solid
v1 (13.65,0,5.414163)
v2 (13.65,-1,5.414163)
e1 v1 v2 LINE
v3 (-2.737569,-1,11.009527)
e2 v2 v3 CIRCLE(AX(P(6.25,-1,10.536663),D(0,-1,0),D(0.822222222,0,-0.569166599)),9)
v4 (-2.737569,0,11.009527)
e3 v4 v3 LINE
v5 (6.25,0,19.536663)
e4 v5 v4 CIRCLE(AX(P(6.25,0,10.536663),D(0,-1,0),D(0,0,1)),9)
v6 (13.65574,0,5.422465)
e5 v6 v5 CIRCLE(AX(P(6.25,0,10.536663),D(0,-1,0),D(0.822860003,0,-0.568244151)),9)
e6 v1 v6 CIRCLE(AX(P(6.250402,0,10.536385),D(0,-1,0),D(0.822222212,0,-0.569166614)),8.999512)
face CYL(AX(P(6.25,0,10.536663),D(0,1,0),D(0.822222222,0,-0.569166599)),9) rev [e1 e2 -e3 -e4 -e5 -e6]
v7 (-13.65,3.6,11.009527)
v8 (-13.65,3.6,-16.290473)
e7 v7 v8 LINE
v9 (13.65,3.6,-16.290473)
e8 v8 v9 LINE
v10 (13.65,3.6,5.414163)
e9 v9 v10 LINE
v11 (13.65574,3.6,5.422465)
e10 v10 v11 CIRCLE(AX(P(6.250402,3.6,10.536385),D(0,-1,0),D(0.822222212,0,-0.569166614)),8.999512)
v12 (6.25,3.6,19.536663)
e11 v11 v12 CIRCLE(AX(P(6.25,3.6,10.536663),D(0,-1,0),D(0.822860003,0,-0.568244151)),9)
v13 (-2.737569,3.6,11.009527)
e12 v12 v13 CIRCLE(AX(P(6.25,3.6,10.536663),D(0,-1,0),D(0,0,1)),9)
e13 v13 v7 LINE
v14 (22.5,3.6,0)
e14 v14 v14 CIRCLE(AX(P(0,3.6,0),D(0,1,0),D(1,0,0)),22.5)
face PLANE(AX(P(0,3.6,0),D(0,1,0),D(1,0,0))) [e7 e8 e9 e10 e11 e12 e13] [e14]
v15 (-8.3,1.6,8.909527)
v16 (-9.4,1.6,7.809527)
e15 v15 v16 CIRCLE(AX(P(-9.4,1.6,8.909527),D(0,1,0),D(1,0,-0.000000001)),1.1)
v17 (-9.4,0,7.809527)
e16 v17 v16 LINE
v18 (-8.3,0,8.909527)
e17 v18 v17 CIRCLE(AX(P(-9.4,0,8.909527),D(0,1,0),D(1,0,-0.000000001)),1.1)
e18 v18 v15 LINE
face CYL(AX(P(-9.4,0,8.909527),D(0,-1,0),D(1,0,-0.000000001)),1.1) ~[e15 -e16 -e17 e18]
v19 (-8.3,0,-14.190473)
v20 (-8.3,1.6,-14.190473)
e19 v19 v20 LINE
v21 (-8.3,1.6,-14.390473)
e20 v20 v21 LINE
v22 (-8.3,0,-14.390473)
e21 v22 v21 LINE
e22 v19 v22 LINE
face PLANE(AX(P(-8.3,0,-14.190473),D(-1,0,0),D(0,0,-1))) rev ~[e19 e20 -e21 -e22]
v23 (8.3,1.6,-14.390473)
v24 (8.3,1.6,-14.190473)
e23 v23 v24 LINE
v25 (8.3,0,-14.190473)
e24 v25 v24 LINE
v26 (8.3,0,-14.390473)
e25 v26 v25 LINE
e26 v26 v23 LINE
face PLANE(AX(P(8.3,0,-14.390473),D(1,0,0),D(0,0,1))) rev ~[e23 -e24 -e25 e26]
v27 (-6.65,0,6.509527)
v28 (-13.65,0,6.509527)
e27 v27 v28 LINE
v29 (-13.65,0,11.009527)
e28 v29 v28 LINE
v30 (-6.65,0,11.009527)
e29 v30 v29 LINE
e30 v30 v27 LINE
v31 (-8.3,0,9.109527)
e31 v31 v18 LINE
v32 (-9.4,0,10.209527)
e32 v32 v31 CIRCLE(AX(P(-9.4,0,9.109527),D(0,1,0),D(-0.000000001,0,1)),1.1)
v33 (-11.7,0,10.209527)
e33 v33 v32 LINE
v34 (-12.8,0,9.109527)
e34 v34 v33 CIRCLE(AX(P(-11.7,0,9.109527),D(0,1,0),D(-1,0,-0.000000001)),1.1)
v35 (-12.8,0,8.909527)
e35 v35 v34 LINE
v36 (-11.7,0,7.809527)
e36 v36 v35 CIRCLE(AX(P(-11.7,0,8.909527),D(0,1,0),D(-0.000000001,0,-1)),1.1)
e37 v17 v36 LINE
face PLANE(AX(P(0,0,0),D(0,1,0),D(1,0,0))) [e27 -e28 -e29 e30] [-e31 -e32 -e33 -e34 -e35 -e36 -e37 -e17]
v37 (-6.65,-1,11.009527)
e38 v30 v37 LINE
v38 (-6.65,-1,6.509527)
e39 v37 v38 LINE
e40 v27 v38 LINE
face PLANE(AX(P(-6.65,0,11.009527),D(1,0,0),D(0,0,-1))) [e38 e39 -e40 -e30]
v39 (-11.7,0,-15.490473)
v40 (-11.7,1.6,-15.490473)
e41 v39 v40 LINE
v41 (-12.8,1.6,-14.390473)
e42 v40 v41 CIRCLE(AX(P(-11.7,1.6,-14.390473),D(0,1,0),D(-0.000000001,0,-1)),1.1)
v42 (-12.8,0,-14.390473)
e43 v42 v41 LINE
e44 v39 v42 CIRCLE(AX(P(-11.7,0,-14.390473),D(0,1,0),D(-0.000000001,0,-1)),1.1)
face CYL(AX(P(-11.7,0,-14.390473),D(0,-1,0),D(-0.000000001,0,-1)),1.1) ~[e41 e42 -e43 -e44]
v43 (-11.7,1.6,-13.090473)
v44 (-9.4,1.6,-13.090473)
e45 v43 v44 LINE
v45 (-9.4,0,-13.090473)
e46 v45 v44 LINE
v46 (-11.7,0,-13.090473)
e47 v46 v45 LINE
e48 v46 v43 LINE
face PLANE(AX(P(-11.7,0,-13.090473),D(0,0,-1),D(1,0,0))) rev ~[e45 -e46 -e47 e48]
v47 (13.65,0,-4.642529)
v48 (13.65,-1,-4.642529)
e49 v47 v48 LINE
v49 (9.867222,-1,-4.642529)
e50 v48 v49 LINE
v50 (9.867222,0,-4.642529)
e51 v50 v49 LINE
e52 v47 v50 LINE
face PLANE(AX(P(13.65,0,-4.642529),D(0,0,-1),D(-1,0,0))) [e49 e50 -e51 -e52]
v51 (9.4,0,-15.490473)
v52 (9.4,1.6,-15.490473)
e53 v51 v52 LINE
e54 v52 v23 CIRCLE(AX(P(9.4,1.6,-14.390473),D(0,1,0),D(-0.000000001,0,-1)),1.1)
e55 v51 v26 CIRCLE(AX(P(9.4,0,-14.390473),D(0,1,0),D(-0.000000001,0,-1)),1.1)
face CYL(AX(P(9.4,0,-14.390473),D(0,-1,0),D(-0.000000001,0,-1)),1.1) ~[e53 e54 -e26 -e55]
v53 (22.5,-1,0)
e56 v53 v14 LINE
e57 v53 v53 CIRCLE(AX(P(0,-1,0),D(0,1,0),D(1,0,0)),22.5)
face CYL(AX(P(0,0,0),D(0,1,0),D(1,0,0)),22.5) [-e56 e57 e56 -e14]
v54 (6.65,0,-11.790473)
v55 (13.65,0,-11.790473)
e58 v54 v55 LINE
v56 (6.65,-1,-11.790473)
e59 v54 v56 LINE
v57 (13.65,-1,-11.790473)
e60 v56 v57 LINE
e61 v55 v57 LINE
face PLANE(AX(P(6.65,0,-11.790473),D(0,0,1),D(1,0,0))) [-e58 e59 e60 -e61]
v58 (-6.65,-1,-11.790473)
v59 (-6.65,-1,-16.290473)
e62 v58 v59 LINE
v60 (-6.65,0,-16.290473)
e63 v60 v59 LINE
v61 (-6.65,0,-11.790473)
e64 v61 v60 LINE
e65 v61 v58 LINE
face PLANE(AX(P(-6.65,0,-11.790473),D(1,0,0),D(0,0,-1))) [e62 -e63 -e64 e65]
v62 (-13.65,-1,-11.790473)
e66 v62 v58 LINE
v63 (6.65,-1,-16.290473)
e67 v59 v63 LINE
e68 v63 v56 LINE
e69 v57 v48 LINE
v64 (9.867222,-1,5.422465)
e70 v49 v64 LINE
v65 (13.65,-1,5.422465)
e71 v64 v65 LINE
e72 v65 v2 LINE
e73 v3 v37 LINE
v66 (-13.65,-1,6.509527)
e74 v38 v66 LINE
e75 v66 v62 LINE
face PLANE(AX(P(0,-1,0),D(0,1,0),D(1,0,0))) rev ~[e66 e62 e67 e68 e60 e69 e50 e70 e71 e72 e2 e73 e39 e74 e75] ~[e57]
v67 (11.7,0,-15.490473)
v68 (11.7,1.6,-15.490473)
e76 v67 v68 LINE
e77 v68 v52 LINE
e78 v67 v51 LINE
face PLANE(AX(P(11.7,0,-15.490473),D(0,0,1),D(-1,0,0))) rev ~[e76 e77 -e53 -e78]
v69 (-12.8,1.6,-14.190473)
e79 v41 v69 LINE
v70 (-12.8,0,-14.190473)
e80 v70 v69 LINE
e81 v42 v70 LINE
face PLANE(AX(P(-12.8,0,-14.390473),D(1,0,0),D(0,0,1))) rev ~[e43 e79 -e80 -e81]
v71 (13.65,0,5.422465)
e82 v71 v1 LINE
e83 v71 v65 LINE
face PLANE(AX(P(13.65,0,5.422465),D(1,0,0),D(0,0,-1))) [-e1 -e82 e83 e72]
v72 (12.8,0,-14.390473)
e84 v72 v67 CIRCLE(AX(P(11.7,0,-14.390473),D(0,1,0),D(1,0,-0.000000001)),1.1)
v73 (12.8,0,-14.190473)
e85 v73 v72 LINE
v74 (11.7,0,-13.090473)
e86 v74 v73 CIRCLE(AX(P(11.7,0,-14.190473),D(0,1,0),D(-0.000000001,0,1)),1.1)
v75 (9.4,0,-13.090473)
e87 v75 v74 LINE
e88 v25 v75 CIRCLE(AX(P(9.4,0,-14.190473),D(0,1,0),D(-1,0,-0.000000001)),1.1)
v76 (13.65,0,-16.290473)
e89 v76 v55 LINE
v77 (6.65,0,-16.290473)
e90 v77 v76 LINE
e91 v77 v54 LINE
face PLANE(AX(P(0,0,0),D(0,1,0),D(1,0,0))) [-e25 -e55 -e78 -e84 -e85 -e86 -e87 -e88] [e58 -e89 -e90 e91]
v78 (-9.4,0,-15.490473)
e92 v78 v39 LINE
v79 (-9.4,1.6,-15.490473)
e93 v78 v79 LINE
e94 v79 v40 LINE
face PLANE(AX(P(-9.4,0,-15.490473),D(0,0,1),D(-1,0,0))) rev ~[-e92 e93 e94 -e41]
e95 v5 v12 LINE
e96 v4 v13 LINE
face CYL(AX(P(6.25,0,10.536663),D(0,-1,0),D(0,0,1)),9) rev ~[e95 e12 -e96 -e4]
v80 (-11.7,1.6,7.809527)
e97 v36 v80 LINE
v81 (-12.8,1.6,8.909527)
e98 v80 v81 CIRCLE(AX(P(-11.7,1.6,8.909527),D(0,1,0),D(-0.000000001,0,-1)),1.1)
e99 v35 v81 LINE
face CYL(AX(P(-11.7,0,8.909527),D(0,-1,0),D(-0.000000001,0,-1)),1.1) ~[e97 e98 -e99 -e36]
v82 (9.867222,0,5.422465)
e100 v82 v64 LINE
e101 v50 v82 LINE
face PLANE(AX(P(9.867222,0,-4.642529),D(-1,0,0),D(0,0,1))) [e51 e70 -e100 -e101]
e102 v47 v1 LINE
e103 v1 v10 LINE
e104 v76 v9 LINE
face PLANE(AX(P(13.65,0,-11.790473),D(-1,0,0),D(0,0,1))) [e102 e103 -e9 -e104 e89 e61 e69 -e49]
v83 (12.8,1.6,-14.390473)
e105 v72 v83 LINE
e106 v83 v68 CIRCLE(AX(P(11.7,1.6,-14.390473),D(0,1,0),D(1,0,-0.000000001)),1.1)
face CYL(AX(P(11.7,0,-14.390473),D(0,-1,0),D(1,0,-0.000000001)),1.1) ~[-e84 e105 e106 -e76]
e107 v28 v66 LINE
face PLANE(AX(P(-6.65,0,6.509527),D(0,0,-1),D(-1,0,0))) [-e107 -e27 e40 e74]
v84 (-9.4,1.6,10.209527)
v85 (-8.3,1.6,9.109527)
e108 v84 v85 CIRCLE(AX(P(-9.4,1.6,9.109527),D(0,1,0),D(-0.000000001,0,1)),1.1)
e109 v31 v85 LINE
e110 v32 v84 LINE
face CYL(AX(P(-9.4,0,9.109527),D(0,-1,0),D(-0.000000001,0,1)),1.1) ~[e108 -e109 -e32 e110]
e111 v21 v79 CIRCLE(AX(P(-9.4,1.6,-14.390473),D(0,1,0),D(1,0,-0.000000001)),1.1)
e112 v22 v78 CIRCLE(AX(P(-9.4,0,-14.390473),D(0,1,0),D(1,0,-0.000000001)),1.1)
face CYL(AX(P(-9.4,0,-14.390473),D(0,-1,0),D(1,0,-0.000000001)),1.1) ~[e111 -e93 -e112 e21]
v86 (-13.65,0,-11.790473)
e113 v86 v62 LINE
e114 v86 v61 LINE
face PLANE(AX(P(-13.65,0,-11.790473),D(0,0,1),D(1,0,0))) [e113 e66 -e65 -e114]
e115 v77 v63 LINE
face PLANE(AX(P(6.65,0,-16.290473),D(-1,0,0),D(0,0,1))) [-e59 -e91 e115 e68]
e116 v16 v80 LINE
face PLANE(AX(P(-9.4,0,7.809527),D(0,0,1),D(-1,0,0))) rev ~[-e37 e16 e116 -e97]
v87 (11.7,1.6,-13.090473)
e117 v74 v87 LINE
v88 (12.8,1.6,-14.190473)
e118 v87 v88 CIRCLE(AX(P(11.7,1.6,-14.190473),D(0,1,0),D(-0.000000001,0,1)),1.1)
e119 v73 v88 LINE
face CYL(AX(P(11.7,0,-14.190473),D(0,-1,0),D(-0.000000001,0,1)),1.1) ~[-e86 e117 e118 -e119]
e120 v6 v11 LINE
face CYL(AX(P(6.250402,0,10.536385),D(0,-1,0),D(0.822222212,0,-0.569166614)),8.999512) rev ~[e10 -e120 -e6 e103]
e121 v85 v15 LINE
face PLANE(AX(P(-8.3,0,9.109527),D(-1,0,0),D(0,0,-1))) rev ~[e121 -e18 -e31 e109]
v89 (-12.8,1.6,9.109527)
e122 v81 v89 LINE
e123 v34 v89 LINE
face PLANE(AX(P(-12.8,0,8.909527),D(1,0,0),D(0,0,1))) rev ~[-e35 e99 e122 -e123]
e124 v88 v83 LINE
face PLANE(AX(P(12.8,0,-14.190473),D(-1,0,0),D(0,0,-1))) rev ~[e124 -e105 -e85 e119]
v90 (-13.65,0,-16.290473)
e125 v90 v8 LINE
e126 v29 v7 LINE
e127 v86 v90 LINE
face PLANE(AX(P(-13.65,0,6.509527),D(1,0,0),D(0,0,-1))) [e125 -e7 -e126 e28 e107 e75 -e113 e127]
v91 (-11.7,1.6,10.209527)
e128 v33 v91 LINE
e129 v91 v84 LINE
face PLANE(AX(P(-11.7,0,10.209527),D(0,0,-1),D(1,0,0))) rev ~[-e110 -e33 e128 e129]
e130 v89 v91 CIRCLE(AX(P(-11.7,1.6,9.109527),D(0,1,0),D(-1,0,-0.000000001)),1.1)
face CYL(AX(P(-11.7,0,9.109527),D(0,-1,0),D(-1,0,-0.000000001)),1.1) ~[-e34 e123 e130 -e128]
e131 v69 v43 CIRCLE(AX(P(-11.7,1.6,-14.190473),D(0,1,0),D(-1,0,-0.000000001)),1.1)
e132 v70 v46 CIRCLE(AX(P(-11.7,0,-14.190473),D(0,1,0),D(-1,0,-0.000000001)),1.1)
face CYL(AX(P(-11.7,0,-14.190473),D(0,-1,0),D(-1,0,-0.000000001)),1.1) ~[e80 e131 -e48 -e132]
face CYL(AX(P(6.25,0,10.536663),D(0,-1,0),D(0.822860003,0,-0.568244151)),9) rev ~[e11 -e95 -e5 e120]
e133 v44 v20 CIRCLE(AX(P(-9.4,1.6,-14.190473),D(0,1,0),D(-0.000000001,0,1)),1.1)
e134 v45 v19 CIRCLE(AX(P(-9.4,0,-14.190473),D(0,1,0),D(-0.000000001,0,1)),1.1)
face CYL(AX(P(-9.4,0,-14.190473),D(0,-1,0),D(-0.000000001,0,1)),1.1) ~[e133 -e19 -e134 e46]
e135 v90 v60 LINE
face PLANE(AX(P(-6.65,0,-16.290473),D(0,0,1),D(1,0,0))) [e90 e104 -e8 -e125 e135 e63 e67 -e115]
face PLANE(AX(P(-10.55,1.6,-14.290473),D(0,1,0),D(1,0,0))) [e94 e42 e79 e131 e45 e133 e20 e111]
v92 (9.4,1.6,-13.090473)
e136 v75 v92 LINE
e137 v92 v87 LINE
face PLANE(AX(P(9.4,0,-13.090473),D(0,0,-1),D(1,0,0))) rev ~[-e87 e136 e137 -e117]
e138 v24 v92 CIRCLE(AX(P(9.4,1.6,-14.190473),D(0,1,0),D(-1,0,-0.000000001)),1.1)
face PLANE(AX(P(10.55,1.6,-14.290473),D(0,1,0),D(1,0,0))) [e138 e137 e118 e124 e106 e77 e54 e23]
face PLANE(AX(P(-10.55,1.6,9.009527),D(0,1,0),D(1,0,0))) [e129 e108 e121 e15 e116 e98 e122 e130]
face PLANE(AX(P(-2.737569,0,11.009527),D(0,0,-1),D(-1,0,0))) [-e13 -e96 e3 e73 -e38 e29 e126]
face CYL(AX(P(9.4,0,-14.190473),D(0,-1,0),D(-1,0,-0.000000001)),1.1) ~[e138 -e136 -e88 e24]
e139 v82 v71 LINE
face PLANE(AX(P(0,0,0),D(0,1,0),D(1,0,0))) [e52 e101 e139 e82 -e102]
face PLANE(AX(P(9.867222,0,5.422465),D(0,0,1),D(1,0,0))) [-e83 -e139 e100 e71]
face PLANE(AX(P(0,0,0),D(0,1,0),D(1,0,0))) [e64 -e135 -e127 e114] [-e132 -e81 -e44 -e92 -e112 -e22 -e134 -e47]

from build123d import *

# Parameters (mm, degrees)
SKETCH1_R           = 22.5
BOSS_EXTRUDE1_DEPTH = 3.6
BOSS_EXTRUDE2_START = -1
SKETCH1_3_R         = 22.5
BOSS_EXTRUDE2_DEPTH = 1
BOSS_EXTRUDE3_DEPTH = 1.6


with BuildPart() as part:
    # Sketch1 → Boss-Extrude1 (new body)
    with BuildSketch(Plane(origin=(0, 0, 0), x_dir=(1, 0, 0), z_dir=(0, 1, 0))):
        Circle(SKETCH1_R)
        with BuildLine():
            Line((-13.65, 11.790472541), (-13.65, 16.290472541))
            Line((-13.65, 16.290472541), (-6.65, 16.290472541))
            Line((-6.65, 16.290472541), (6.65, 16.290472541))
            Line((6.65, 16.290472541), (13.65, 16.290472541))
            Line((13.65, 16.290472541), (13.65, 11.790472541))
            Line((13.65, 11.790472541), (13.65, 4.642529479))
            Line((13.65, 4.642529479), (13.65, -5.41416329))
            ThreePointArc((13.65, -5.41416329), (13.652871179, -5.418313502), (13.65574003, -5.422465323))
            ThreePointArc((13.65574003, -5.422465323), (14.219560095, -14.718302537), (6.25, -19.53666268))
            ThreePointArc((6.25, -19.53666268), (0.055477541, -17.065666548), (-2.737569132, -11.009527459))
            Line((-2.737569132, -11.009527459), (-6.65, -11.009527459))
            Line((-6.65, -11.009527459), (-13.65, -11.009527459))
            Line((-13.65, -11.009527459), (-13.65, -6.509527459))
            Line((-13.65, -6.509527459), (-13.65, 11.790472541))
        make_face(mode=Mode.SUBTRACT)
    extrude(amount=BOSS_EXTRUDE1_DEPTH)

    # Sketch1<3> → Boss-Extrude2 (add)
    with BuildSketch(Plane(origin=(0, 0, 0), x_dir=(1, 0, 0), z_dir=(0, 1, 0)).offset(BOSS_EXTRUDE2_START)):
        Circle(SKETCH1_3_R)
        with BuildLine():
            Line((-6.65, 11.790472541), (-6.65, 16.290472541))
            Line((-6.65, 16.290472541), (6.65, 16.290472541))
            Line((6.65, 16.290472541), (6.65, 11.790472541))
            Line((6.65, 11.790472541), (13.65, 11.790472541))
            Line((13.65, 11.790472541), (13.65, 4.642529479))
            Line((13.65, 4.642529479), (9.867222257, 4.642529479))
            Line((9.867222257, 4.642529479), (9.867222257, -5.422465323))
            Line((9.867222257, -5.422465323), (13.65, -5.422465323))
            Line((13.65, -5.422465323), (13.65, -5.41416329))
            ThreePointArc((13.65, -5.41416329), (9.158112615, -19.053873551), (-2.737569132, -11.009527459))
            Line((-2.737569132, -11.009527459), (-6.65, -11.009527459))
            Line((-6.65, -11.009527459), (-6.65, -6.509527459))
            Line((-6.65, -6.509527459), (-13.65, -6.509527459))
            Line((-13.65, -6.509527459), (-13.65, 11.790472541))
            Line((-13.65, 11.790472541), (-6.65, 11.790472541))
        make_face(mode=Mode.SUBTRACT)
    extrude(amount=BOSS_EXTRUDE2_DEPTH)

    # Sketch2 → Boss-Extrude3 (add)
    with BuildSketch(Plane(origin=(0, 0, 0), x_dir=(1, 0, 0), z_dir=(0, 1, 0))):
        with BuildLine():
            Line((-11.7, 13.090472541), (-9.4, 13.090472541))
            ThreePointArc((-9.4, 13.090472541), (-8.622182541, 13.412655081), (-8.3, 14.190472541))
            Line((-8.3, 14.190472541), (-8.3, 14.390472541))
            ThreePointArc((-8.3, 14.390472541), (-8.622182541, 15.16829), (-9.4, 15.490472541))
            Line((-9.4, 15.490472541), (-11.7, 15.490472541))
            ThreePointArc((-11.7, 15.490472541), (-12.477817459, 15.16829), (-12.8, 14.390472541))
            Line((-12.8, 14.390472541), (-12.8, 14.190472541))
            ThreePointArc((-12.8, 14.190472541), (-12.477817459, 13.412655081), (-11.7, 13.090472541))
        make_face()
        with BuildLine():
            Line((-11.7, -10.209527459), (-9.4, -10.209527459))
            ThreePointArc((-9.4, -10.209527459), (-8.622182541, -9.887344919), (-8.3, -9.109527459))
            Line((-8.3, -9.109527459), (-8.3, -8.909527459))
            ThreePointArc((-8.3, -8.909527459), (-8.622182541, -8.13171), (-9.4, -7.809527459))
            Line((-9.4, -7.809527459), (-11.7, -7.809527459))
            ThreePointArc((-11.7, -7.809527459), (-12.477817459, -8.13171), (-12.8, -8.909527459))
            Line((-12.8, -8.909527459), (-12.8, -9.109527459))
            ThreePointArc((-12.8, -9.109527459), (-12.477817459, -9.887344919), (-11.7, -10.209527459))
        make_face()
        with BuildLine():
            Line((11.7, 15.490472541), (9.4, 15.490472541))
            ThreePointArc((9.4, 15.490472541), (8.622182541, 15.16829), (8.3, 14.390472541))
            Line((8.3, 14.390472541), (8.3, 14.190472541))
            ThreePointArc((8.3, 14.190472541), (8.622182541, 13.412655081), (9.4, 13.090472541))
            Line((9.4, 13.090472541), (11.7, 13.090472541))
            ThreePointArc((11.7, 13.090472541), (12.477817459, 13.412655081), (12.8, 14.190472541))
            Line((12.8, 14.190472541), (12.8, 14.390472541))
            ThreePointArc((12.8, 14.390472541), (12.477817459, 15.16829), (11.7, 15.490472541))
        make_face()
    extrude(amount=BOSS_EXTRUDE3_DEPTH)


solid = part.part
